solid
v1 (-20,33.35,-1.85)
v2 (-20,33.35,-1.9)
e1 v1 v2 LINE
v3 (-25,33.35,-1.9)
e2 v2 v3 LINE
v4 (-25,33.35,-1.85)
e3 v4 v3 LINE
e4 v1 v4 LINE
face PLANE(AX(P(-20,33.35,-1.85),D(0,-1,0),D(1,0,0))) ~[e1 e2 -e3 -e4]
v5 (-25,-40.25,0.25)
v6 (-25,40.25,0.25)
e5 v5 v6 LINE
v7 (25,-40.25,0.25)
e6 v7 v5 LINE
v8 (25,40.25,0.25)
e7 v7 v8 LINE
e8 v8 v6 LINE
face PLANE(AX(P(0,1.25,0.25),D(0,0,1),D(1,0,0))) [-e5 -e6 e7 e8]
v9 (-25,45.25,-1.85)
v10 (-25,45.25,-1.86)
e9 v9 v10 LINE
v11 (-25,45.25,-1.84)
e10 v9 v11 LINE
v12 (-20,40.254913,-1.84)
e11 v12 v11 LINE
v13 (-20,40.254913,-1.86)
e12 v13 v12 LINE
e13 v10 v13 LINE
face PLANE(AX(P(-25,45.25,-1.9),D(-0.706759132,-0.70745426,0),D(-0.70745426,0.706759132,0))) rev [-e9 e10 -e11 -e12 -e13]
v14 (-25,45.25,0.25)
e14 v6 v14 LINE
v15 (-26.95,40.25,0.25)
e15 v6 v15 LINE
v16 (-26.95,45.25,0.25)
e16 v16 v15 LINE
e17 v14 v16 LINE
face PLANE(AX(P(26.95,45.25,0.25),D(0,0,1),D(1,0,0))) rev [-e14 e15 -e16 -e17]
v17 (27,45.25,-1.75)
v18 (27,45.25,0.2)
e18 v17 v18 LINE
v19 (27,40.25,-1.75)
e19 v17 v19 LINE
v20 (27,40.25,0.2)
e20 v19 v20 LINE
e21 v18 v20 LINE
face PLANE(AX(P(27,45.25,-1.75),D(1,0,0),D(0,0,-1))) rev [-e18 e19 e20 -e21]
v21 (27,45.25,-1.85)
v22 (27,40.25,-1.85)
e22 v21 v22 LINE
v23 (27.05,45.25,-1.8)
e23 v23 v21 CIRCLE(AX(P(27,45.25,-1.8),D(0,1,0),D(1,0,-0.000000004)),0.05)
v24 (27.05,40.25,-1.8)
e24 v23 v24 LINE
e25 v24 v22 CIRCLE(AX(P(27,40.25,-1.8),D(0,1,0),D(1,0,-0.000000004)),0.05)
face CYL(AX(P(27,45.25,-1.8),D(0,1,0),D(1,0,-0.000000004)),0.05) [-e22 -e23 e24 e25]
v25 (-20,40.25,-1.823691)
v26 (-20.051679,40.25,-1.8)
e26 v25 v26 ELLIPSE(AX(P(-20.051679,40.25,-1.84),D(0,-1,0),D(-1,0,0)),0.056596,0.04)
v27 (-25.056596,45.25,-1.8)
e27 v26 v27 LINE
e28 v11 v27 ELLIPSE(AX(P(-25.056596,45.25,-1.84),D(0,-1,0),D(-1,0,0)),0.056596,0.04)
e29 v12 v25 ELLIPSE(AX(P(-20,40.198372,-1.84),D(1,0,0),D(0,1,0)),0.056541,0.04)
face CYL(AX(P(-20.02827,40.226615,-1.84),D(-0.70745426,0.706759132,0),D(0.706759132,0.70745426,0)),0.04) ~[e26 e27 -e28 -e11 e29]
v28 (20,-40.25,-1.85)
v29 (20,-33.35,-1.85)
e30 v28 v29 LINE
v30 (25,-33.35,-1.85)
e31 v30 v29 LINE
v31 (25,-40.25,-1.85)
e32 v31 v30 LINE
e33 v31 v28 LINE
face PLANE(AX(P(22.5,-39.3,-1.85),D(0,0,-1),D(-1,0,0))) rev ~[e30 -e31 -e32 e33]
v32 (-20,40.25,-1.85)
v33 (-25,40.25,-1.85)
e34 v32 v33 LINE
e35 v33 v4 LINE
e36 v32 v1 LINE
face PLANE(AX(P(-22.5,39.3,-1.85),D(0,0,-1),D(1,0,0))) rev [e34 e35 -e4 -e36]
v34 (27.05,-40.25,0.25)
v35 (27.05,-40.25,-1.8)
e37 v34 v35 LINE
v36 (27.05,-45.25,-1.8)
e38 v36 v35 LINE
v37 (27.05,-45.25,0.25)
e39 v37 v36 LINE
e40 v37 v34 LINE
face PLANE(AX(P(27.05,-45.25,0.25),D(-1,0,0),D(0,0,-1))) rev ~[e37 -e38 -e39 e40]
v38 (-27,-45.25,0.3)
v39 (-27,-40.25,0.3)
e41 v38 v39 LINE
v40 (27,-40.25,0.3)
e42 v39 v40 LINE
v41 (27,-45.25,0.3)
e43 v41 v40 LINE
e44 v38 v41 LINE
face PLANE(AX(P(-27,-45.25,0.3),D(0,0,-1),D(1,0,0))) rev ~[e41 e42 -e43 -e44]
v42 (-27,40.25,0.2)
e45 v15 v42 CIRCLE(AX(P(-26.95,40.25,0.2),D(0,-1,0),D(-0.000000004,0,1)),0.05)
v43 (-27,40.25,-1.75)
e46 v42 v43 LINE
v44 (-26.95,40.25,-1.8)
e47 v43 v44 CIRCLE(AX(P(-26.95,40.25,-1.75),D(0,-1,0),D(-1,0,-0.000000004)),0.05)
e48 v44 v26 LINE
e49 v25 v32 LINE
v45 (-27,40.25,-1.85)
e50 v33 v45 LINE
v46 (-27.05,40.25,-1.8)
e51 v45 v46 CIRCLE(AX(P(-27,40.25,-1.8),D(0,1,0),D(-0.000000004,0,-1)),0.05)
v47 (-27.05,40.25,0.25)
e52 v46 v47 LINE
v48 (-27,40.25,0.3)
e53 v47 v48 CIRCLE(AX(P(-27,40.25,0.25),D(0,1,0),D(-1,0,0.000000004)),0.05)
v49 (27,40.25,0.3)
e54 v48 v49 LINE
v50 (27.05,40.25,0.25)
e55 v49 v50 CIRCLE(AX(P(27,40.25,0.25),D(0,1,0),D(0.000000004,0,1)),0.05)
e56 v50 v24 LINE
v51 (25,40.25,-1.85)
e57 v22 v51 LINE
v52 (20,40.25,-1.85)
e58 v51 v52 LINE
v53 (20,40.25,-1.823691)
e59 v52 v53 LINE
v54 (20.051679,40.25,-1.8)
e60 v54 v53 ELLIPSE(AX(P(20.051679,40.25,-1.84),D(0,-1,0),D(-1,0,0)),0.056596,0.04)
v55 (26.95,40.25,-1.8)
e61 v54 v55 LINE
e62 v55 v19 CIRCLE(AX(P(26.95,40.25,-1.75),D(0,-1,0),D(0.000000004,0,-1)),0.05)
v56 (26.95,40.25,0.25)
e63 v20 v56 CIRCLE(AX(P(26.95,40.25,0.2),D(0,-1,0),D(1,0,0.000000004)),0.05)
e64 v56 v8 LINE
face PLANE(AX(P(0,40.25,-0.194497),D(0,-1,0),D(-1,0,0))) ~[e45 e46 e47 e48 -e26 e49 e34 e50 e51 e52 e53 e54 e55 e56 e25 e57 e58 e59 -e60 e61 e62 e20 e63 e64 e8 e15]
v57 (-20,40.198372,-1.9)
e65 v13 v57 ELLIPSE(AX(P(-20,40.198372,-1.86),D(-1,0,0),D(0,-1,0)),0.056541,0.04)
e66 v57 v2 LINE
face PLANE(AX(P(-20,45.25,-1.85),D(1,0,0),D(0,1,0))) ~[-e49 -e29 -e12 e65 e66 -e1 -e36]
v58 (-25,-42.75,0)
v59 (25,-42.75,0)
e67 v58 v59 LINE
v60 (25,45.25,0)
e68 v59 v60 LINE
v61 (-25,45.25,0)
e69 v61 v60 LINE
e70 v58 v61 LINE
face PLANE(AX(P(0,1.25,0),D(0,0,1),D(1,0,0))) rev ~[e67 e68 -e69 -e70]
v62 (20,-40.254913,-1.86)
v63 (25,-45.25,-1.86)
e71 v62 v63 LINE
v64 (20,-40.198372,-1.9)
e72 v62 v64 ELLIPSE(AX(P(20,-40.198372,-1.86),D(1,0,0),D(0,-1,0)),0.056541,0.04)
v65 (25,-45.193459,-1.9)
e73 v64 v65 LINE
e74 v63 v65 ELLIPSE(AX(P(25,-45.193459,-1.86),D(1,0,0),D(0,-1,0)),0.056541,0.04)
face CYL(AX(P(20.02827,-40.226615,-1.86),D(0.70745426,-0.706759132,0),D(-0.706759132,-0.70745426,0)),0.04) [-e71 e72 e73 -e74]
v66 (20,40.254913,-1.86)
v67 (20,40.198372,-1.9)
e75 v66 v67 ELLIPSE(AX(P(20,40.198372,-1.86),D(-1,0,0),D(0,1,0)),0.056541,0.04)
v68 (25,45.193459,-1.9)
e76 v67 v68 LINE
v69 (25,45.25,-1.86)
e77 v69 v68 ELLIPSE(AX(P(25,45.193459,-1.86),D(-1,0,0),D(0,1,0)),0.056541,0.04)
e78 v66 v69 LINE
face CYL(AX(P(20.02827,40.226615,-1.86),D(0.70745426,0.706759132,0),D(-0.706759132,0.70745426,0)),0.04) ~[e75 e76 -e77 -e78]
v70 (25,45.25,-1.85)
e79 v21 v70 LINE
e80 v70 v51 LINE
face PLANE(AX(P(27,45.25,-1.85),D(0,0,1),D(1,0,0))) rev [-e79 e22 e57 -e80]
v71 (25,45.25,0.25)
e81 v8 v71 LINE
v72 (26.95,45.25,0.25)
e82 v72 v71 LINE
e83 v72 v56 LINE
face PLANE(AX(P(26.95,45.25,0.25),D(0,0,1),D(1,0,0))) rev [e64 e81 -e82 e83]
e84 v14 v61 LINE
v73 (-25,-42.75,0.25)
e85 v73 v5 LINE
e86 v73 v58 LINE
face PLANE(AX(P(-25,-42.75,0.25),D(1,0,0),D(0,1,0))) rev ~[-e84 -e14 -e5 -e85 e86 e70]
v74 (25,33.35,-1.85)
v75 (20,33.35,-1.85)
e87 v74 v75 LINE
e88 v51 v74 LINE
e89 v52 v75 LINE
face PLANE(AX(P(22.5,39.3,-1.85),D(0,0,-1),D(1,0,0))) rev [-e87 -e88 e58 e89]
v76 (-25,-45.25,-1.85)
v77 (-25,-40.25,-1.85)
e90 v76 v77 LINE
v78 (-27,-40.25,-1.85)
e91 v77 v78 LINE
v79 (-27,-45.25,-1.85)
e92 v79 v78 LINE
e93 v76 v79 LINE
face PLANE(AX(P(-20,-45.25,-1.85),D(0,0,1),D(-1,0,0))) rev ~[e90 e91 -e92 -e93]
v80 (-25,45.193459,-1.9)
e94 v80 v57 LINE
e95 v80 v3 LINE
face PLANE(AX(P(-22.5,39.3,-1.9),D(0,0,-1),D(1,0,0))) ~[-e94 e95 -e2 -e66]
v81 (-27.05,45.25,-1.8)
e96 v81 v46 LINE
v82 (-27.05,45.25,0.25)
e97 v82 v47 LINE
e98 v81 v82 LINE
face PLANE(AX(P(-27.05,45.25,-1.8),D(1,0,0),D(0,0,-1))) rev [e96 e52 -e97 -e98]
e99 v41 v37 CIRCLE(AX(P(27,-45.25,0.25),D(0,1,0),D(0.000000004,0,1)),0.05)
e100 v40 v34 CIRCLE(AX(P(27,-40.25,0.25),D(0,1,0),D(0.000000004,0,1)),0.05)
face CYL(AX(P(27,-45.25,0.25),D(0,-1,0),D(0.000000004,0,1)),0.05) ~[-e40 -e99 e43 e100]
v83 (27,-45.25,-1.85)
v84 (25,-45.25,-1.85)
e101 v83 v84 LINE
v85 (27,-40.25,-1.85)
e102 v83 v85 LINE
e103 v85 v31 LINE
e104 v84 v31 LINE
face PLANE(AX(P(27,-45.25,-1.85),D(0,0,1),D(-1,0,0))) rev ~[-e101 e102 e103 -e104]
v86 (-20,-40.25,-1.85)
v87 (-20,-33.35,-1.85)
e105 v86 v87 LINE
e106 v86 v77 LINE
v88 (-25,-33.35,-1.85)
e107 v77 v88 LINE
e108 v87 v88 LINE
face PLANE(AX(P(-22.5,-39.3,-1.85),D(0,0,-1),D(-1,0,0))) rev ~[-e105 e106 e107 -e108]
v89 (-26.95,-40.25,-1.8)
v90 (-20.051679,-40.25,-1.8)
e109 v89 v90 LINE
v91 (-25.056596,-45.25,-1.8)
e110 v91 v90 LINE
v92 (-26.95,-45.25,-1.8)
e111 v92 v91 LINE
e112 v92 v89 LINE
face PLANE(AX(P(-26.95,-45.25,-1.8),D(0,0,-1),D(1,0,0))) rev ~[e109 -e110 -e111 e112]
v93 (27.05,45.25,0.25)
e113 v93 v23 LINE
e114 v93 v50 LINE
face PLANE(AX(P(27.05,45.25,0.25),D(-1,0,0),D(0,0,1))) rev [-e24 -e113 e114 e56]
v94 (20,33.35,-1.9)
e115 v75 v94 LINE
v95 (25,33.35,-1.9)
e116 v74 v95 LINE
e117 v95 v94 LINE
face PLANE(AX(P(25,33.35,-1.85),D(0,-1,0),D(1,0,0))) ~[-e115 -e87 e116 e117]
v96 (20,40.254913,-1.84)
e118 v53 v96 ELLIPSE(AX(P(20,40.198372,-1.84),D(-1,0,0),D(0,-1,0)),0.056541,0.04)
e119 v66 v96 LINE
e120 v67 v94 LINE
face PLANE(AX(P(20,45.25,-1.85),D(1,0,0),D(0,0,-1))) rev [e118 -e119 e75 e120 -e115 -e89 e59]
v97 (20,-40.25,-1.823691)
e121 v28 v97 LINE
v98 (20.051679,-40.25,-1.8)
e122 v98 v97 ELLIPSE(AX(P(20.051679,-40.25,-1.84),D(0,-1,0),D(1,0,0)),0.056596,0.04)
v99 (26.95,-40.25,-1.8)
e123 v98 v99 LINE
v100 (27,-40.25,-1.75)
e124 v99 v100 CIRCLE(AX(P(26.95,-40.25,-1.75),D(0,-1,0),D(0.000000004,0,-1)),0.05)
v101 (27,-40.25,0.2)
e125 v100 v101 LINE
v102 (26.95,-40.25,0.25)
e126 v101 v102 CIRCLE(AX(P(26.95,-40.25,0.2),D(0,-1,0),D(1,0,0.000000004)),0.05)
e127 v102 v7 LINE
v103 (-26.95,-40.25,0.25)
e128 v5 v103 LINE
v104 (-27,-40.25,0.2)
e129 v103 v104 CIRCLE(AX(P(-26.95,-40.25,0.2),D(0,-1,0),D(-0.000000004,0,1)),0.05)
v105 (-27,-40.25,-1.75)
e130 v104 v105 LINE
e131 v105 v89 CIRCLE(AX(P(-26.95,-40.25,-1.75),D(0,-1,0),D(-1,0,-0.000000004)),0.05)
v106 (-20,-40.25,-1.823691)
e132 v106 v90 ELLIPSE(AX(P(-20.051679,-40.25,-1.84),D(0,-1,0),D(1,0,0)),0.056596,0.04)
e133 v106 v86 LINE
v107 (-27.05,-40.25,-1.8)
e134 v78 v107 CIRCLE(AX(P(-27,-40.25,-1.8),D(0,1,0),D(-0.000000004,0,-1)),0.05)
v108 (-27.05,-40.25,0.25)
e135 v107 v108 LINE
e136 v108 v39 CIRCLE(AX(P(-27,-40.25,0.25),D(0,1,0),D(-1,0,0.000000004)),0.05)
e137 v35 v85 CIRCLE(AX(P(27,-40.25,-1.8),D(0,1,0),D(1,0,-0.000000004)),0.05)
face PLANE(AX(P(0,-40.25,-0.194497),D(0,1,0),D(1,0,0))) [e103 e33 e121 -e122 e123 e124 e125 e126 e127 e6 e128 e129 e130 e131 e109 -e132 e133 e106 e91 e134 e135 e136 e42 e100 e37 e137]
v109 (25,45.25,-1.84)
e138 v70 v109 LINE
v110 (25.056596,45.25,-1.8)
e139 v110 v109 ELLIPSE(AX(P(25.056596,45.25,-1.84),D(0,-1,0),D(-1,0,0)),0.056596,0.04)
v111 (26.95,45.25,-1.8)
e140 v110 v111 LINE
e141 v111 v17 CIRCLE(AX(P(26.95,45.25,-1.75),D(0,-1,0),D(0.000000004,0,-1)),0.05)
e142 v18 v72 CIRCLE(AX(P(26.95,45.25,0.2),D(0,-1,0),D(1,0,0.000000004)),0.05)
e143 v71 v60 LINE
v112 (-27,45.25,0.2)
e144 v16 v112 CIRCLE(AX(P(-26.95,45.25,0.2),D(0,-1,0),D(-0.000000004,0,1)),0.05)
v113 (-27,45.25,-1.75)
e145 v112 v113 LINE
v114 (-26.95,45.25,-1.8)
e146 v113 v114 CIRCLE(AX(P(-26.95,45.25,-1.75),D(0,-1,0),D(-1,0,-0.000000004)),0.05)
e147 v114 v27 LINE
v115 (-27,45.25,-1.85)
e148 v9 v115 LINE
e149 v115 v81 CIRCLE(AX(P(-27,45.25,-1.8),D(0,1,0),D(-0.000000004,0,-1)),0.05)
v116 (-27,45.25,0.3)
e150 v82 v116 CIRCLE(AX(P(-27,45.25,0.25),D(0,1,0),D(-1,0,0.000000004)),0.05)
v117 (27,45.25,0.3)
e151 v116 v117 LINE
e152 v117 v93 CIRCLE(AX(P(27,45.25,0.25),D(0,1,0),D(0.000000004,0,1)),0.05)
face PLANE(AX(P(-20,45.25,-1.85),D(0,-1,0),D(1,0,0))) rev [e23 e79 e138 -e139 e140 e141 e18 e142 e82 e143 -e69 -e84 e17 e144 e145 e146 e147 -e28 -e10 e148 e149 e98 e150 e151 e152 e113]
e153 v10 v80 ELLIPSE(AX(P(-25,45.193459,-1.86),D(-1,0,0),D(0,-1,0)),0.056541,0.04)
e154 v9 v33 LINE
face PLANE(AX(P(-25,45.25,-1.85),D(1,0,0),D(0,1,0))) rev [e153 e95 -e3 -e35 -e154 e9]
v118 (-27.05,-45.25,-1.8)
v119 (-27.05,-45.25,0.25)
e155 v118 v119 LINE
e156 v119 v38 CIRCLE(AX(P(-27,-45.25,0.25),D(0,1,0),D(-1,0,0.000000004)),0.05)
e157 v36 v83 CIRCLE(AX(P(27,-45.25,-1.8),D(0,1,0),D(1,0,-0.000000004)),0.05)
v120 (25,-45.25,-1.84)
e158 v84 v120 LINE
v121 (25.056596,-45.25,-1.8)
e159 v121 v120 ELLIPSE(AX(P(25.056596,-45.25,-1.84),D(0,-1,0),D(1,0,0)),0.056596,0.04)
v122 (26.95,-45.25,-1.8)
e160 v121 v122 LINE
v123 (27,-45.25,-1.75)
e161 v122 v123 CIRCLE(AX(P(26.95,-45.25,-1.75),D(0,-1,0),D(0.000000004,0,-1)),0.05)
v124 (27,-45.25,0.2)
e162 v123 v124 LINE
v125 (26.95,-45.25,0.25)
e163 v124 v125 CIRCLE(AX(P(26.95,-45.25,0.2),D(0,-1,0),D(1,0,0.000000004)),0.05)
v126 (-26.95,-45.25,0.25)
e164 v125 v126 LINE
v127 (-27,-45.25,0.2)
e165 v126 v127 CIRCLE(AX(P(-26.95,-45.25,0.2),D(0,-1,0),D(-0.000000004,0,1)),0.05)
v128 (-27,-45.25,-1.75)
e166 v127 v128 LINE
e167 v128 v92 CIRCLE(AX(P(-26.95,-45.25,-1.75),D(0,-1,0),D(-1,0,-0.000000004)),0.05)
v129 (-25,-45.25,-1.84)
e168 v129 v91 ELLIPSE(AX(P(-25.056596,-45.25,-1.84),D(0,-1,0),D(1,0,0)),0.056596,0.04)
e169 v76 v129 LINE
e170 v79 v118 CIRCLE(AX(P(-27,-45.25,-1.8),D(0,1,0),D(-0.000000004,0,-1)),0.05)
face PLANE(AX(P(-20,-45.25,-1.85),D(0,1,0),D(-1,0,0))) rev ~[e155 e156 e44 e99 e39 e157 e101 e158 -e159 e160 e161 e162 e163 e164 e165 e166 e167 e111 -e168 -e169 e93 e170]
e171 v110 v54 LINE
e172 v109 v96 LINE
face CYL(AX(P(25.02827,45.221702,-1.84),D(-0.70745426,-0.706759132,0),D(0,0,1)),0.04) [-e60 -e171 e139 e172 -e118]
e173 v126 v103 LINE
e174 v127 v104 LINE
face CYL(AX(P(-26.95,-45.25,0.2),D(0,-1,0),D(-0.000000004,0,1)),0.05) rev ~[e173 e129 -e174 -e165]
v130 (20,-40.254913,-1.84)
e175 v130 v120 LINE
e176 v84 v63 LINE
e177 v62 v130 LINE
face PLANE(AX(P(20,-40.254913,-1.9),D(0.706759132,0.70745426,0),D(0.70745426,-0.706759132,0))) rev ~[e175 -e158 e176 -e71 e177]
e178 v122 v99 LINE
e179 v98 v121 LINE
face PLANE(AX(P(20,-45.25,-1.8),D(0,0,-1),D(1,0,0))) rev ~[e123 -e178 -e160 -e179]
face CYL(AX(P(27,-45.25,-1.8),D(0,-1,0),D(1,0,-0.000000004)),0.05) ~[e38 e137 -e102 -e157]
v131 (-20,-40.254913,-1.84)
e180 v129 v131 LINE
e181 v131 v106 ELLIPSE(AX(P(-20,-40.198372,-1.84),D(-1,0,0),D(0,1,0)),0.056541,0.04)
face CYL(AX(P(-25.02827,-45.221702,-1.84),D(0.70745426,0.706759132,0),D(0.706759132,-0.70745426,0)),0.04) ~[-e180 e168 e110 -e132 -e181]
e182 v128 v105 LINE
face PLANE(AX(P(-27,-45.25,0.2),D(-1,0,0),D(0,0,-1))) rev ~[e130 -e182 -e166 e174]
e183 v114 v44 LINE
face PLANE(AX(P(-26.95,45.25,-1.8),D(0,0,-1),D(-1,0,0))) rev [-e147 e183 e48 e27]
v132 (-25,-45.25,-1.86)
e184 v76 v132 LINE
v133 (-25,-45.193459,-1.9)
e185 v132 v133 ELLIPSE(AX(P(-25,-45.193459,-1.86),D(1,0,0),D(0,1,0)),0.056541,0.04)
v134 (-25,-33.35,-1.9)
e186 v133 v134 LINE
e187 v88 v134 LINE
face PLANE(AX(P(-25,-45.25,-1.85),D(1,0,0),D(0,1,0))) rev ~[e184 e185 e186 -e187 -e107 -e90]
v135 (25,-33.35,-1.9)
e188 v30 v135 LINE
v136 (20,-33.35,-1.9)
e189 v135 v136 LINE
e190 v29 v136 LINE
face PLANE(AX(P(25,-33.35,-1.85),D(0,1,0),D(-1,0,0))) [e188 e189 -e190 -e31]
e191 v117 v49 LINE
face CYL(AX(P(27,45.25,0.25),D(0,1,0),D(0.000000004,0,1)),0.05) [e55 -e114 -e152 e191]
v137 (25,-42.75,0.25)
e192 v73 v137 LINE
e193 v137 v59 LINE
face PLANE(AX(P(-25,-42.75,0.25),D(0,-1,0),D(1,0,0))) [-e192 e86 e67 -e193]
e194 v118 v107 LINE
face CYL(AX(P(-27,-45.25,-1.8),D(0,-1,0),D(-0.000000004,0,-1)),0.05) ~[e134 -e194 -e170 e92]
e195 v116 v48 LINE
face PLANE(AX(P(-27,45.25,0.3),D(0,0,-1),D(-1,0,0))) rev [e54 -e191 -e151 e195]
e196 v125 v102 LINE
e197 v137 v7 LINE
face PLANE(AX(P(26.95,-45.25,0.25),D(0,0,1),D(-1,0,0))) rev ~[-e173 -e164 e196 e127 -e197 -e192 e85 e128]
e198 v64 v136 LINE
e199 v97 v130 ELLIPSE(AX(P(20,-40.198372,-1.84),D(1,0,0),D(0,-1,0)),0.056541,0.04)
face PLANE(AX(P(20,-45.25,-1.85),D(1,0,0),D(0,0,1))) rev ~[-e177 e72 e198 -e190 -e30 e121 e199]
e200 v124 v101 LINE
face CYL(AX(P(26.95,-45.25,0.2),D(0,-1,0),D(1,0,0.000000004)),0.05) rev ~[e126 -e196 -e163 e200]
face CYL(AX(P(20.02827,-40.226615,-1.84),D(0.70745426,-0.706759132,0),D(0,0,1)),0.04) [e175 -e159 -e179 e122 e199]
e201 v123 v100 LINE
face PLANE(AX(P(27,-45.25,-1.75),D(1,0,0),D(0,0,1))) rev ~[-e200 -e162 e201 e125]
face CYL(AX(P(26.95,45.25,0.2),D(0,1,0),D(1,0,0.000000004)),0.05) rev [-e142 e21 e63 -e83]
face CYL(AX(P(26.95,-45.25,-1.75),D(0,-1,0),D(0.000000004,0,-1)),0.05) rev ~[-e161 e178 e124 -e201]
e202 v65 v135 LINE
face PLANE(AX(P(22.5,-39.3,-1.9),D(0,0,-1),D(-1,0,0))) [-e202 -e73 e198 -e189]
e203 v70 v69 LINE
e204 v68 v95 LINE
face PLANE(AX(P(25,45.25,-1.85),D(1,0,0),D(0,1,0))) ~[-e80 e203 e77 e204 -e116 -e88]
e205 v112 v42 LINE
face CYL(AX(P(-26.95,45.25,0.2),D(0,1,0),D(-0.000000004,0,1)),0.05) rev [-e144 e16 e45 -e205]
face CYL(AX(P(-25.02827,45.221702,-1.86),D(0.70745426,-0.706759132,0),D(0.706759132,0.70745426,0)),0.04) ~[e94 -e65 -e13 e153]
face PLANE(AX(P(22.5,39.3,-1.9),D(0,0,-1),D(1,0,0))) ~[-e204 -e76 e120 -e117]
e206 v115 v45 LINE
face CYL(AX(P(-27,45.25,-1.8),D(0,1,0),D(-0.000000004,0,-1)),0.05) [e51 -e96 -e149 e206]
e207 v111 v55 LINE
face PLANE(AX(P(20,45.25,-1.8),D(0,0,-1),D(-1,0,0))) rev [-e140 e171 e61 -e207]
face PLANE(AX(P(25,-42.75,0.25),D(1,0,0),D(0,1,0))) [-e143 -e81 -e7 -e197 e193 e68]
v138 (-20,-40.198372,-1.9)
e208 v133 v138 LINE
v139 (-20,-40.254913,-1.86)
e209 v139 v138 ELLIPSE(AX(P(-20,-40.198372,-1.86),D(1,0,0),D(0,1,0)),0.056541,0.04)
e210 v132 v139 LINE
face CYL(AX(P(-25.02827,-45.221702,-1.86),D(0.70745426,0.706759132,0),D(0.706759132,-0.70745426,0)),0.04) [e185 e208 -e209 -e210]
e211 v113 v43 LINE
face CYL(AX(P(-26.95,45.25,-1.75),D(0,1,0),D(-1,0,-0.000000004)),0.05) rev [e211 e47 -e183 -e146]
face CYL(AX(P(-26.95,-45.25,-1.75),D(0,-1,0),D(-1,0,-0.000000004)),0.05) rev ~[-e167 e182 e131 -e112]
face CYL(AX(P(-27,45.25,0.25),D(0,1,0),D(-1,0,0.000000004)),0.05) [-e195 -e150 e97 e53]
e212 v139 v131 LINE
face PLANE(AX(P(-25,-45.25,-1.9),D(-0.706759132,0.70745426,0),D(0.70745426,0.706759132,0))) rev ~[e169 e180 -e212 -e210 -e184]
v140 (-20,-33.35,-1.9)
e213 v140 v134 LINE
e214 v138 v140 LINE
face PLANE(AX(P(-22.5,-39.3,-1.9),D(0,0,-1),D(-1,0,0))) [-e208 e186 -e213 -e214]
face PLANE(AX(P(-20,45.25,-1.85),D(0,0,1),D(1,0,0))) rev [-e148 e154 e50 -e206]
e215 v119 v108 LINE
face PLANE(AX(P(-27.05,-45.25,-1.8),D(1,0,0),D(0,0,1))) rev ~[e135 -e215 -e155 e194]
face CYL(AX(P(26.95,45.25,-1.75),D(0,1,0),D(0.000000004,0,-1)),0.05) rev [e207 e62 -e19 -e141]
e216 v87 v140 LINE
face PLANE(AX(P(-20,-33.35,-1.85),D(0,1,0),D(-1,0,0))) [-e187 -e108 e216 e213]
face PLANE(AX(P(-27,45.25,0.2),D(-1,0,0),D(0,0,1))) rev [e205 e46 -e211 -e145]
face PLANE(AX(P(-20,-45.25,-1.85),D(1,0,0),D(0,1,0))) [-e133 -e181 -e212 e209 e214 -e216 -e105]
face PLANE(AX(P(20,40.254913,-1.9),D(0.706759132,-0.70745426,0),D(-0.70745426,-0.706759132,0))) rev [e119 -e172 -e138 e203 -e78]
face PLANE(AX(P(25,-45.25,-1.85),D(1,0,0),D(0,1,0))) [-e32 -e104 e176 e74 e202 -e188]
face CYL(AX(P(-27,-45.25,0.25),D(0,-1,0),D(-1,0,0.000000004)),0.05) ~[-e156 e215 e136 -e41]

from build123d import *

# Parameters (mm, degrees)
SKETCH1_W            = 50
SKETCH1_H            = 88
BOSS_EXTRUDE1_DEPTH  = 0.25
BOSS_EXTRUDE2_DEPTH  = 5
SKETCH5_W            = 5
SKETCH5_H            = 11.9
BOSS_EXTRUDE3_DEPTH  = 0.05
CUT_EXTRUDE1_DEPTH   = 0.2
FILLET1_R            = 0.04
FILLET1_OF_MIRROR1_R = 0.04


with BuildPart() as part:
    # Sketch1 → Boss-Extrude1 (new body)
    with BuildSketch(Plane.XY.offset(0.25)):
        with Locations((0, 1.25)):
            Rectangle(SKETCH1_W, SKETCH1_H)
    extrude(amount=-BOSS_EXTRUDE1_DEPTH)

    # Sketch4 → Boss-Extrude2 (add)
    with BuildSketch(Plane(origin=(0, -45.25, 0), x_dir=(-1, 0, 0), z_dir=(0, -1, 0))):
        with BuildLine():
            Line((-26.95, -0.25), (26.95, -0.25))
            ThreePointArc((26.95, -0.25), (26.985355339, -0.235355339), (27, -0.2))
            Line((27, -0.2), (27, 1.75))
            ThreePointArc((27, 1.75), (26.985355339, 1.785355339), (26.95, 1.8))
            Line((26.95, 1.8), (20, 1.8))
            Line((20, 1.8), (20, 1.85))
            Line((20, 1.85), (27, 1.85))
            ThreePointArc((27, 1.85), (27.035355339, 1.835355339), (27.05, 1.8))
            Line((27.05, 1.8), (27.05, -0.25))
            ThreePointArc((27.05, -0.25), (27.035355339, -0.285355339), (27, -0.3))
            Line((27, -0.3), (-27, -0.3))
            ThreePointArc((-27, -0.3), (-27.035355339, -0.285355339), (-27.05, -0.25))
            Line((-27.05, -0.25), (-27.05, 1.8))
            ThreePointArc((-27.05, 1.8), (-27.035355339, 1.835355339), (-27, 1.85))
            Line((-27, 1.85), (-20, 1.85))
            Line((-20, 1.85), (-20, 1.8))
            Line((-20, 1.8), (-26.95, 1.8))
            ThreePointArc((-26.95, 1.8), (-26.985355339, 1.785355339), (-27, 1.75))
            Line((-27, 1.75), (-27, -0.2))
            ThreePointArc((-27, -0.2), (-26.985355339, -0.235355339), (-26.95, -0.25))
        make_face()
    boss_extrude2 = extrude(amount=-BOSS_EXTRUDE2_DEPTH)

    # Sketch5 → Boss-Extrude3 (add)
    with BuildSketch(Plane(origin=(0, 0, -1.85), x_dir=(-1, 0, 0), z_dir=(0, 0, -1))):
        with Locations((22.5, -39.3)):
            Rectangle(SKETCH5_W, SKETCH5_H)
        with Locations((-22.5, -39.3)):
            Rectangle(SKETCH5_W, SKETCH5_H)
    boss_extrude3 = extrude(amount=BOSS_EXTRUDE3_DEPTH)

    # Sketch6 → Cut-Extrude1 (cut)
    with BuildSketch(Plane(origin=(0, 0, -1.9), x_dir=(-1, 0, 0), z_dir=(0, 0, -1))):
        Polygon((20, -45.25), (25, -45.25), (20, -40.254912883), align=None)
        Polygon((-20, -40.254912883), (-25, -45.25), (-20, -45.25), align=None)
    cut_extrude1 = extrude(amount=-CUT_EXTRUDE1_DEPTH, mode=Mode.SUBTRACT)

    # Fillet1
    fillet1_edges = [part.edges().sort_by_distance(p)[0] for p in [
        (-22.5, -42.752456442, -1.8),
        (-22.5, -42.752456442, -1.9),
        (22.5, -42.752456442, -1.9),
        (22.5, -42.752456442, -1.8),
    ]]
    fillet(fillet1_edges, radius=FILLET1_R)

    # Mirror1: Boss-Extrude2, Boss-Extrude3, Cut-Extrude1 across plane
    add(boss_extrude2.mirror(Plane(origin=(0, 0, 0), x_dir=(0, 0, 1), z_dir=(0, -1, 0))))
    add(boss_extrude3.mirror(Plane(origin=(0, 0, 0), x_dir=(0, 0, 1), z_dir=(0, -1, 0))))
    add(cut_extrude1.mirror(Plane(origin=(0, 0, 0), x_dir=(0, 0, 1), z_dir=(0, -1, 0))), mode=Mode.SUBTRACT)

    # Fillet1 of Mirror1
    fillet1_of_mirror1_edges = [part.edges().sort_by_distance(p)[0] for p in [
        (-22.5, 42.752456442, -1.8),
        (-22.5, 42.752456442, -1.9),
        (22.5, 42.752456442, -1.9),
        (22.5, 42.752456442, -1.8),
    ]]
    fillet(fillet1_of_mirror1_edges, radius=FILLET1_OF_MIRROR1_R)


solid = part.part
